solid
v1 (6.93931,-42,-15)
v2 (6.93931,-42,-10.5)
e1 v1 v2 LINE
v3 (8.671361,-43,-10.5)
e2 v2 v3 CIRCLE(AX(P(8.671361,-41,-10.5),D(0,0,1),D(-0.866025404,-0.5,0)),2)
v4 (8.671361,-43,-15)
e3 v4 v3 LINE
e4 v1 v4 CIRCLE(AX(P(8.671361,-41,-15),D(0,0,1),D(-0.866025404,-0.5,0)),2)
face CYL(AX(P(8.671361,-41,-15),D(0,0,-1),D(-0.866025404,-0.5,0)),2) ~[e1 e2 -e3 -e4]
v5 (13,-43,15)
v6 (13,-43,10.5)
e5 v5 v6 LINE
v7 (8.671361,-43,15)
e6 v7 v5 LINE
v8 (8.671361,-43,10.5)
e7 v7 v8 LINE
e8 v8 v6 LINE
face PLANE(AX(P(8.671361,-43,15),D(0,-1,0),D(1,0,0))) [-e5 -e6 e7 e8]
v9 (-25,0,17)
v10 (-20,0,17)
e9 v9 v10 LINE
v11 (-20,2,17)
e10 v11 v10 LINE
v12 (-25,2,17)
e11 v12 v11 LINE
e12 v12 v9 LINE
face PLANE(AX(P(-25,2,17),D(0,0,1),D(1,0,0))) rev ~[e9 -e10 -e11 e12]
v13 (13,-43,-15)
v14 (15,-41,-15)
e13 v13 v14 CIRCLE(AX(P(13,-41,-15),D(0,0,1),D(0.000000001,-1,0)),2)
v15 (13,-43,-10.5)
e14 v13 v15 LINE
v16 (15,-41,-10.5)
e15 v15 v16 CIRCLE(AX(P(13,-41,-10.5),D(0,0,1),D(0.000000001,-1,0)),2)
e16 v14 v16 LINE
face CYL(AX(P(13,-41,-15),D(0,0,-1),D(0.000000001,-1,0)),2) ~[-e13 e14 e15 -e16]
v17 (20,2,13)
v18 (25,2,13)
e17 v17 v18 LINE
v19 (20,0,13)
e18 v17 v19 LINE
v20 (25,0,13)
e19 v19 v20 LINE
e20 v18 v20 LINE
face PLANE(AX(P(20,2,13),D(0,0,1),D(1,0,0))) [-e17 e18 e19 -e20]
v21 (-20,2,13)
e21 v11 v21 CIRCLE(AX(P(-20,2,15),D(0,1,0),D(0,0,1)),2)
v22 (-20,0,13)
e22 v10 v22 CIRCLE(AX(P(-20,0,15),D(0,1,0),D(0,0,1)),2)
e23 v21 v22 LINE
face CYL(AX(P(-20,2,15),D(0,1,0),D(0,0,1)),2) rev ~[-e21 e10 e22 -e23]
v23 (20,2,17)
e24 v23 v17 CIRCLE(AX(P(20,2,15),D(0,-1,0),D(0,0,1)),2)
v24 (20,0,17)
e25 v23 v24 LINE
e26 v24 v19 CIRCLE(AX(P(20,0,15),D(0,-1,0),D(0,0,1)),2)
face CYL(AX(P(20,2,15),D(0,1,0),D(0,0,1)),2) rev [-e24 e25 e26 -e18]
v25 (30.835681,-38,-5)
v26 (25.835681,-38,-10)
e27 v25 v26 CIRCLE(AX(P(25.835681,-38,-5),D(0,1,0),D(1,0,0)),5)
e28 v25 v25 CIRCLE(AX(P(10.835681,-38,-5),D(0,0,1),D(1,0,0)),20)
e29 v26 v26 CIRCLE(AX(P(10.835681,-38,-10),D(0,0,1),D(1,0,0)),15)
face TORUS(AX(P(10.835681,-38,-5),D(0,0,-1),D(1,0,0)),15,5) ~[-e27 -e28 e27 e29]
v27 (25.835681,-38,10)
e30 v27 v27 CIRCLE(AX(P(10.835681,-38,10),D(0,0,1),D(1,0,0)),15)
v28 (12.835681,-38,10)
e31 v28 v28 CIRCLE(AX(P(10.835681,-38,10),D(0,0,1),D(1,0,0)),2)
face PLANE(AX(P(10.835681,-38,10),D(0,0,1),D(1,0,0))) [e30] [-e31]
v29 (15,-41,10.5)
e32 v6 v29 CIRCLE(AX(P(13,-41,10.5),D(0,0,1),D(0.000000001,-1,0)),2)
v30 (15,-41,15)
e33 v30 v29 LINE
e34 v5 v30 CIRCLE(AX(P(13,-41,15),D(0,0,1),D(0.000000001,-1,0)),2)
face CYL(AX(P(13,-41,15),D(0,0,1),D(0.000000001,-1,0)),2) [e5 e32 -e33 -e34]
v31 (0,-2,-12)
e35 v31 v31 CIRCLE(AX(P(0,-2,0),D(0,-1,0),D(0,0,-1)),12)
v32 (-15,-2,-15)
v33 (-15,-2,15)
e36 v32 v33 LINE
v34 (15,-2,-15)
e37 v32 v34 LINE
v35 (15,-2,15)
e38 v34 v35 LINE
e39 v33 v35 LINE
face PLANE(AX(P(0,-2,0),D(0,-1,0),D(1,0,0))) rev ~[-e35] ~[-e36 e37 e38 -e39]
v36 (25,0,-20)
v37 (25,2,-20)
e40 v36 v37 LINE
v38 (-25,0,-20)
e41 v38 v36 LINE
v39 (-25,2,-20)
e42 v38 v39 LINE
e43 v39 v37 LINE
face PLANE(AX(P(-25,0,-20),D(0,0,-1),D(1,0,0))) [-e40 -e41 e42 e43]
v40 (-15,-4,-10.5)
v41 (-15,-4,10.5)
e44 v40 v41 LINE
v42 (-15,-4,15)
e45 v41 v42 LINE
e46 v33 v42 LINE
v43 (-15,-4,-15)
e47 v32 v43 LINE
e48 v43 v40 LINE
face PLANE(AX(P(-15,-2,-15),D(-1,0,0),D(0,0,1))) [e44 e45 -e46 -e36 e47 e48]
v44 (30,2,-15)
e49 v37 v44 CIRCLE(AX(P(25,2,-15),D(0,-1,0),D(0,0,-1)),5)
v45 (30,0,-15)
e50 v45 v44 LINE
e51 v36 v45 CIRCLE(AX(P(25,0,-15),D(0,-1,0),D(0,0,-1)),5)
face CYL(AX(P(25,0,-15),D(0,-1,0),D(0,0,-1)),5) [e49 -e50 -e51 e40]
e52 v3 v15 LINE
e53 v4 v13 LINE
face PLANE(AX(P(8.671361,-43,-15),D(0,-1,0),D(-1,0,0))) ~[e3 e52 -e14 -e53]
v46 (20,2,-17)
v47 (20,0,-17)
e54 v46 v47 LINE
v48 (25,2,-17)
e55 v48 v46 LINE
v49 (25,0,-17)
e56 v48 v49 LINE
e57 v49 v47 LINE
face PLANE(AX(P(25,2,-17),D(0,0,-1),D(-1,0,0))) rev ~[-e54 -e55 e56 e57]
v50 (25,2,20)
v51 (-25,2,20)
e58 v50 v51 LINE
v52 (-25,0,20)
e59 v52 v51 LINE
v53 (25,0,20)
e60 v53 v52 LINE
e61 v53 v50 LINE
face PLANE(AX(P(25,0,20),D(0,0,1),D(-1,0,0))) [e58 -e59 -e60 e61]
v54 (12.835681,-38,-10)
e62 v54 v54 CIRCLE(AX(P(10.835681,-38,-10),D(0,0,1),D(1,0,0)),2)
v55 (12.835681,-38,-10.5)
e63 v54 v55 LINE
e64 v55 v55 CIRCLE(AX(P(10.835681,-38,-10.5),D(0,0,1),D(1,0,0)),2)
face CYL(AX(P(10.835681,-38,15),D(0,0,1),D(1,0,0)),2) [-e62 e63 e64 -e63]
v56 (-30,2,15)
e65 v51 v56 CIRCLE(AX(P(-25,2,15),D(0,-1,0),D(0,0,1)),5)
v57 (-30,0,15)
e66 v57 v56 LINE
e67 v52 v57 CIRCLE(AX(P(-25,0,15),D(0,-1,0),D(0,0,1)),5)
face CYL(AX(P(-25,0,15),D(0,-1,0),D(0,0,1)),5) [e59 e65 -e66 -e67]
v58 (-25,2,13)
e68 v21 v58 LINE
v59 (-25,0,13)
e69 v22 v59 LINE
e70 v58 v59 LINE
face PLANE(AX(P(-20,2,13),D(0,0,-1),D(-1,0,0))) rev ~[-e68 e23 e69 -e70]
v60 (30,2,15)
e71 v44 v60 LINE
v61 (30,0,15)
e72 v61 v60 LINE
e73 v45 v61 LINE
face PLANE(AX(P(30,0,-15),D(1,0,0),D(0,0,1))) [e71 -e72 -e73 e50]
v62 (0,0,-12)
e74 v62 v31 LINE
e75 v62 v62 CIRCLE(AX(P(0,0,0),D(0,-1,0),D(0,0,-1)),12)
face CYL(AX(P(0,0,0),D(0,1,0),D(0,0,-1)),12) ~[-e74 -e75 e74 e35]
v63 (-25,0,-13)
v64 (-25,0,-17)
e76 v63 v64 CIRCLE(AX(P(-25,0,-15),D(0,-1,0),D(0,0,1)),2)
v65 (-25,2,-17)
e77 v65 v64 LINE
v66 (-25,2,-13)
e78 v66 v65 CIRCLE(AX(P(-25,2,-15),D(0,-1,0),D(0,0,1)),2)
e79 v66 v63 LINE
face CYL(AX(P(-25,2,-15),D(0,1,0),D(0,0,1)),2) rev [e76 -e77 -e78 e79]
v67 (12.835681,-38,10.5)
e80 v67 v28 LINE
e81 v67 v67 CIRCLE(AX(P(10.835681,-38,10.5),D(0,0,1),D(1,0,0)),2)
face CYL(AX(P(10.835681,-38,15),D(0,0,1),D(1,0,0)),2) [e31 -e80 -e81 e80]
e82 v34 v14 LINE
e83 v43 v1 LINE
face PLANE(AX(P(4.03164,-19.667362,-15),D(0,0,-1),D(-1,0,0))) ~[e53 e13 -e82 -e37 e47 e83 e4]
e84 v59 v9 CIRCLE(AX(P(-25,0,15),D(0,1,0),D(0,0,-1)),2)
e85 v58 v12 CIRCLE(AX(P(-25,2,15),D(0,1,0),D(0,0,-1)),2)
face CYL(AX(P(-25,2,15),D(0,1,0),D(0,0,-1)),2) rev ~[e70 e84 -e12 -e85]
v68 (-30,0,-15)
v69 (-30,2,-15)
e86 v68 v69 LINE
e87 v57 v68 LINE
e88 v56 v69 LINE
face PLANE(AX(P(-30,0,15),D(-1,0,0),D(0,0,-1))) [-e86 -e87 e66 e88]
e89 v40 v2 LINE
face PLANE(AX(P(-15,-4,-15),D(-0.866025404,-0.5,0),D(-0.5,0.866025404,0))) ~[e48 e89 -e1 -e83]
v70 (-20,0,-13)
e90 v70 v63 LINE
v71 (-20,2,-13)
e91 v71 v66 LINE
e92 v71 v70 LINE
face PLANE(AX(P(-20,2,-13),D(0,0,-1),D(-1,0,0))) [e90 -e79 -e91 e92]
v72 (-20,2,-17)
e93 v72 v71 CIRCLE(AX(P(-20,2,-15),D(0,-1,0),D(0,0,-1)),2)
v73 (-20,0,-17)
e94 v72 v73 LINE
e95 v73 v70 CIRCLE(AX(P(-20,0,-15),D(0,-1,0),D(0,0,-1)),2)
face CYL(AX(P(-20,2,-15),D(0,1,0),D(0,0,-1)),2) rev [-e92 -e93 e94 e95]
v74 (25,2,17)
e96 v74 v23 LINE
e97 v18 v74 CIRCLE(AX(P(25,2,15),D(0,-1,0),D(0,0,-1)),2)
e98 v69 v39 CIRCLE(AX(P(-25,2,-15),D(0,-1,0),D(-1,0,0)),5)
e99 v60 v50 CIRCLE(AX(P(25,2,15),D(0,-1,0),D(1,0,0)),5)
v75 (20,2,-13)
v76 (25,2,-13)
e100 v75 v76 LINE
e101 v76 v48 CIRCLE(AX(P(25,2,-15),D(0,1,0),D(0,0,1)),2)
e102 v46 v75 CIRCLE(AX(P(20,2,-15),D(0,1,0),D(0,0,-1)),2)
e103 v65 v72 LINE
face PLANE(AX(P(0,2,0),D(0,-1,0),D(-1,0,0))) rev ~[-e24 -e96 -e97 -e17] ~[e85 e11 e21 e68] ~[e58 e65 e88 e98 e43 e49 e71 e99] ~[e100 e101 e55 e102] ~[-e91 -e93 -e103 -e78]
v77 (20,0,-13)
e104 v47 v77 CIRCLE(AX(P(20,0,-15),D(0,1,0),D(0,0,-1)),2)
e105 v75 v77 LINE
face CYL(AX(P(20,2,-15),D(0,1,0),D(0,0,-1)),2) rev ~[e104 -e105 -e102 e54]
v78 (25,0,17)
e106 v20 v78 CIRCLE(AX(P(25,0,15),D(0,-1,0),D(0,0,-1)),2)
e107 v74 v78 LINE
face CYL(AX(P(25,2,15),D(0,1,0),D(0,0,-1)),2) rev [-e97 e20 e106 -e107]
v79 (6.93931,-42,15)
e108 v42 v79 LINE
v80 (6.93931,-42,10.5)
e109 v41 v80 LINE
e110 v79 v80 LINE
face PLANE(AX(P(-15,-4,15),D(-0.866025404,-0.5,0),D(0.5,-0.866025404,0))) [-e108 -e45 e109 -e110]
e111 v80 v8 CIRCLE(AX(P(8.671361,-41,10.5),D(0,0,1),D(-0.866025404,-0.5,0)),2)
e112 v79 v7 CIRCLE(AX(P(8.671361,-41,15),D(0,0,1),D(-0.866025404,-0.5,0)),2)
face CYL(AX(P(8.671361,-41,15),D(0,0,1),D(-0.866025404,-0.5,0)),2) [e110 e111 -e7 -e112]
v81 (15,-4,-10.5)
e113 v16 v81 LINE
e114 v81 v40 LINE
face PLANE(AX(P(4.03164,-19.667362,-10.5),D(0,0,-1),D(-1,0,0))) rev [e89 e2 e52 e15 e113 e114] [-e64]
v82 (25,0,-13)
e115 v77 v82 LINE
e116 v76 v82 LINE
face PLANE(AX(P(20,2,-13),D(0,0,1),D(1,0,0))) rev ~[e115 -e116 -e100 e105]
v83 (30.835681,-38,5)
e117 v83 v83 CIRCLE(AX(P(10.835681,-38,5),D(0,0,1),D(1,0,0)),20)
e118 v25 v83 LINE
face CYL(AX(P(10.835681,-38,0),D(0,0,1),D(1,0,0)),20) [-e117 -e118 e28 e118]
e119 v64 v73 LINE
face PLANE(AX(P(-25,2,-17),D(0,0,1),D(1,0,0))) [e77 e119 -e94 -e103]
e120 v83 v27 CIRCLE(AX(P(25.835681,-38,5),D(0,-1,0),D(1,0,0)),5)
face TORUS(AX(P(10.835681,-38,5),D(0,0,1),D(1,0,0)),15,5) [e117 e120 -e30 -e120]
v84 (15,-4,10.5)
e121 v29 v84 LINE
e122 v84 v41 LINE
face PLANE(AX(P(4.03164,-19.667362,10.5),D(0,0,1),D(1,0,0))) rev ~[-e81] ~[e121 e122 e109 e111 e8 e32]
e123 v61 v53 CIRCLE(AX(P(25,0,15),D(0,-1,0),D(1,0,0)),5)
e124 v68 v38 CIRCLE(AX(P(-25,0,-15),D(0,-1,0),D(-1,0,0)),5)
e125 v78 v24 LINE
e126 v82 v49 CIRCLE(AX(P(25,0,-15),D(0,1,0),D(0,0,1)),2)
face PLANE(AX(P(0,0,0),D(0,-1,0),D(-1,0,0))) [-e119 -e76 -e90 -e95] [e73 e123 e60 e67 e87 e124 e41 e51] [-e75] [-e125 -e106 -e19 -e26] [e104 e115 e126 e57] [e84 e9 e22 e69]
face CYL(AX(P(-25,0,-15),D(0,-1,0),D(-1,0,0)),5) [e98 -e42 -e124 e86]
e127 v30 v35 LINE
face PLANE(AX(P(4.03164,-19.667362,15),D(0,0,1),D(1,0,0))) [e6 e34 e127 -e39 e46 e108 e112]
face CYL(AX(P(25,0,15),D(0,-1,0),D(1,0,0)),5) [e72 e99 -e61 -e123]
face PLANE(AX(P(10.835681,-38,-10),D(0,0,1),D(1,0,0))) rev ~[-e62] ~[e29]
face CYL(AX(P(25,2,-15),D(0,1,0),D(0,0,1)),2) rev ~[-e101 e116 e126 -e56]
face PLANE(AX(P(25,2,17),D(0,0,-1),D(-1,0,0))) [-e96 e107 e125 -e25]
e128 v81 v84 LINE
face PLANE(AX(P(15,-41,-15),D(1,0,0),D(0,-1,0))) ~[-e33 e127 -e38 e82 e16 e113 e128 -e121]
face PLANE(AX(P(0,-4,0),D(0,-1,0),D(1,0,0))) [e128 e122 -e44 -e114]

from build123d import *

# Parameters (mm, degrees)
BOSS_EXTRUDE1_DEPTH = 2
CUT_EXTRUDE1_DEPTH  = 2
SKETCH3_R           = 12
BOSS_EXTRUDE2_DEPTH = 2
SKETCH4_W           = 30
SKETCH4_H           = 30
BOSS_EXTRUDE3_DEPTH = 2
SKETCH5_R           = 2
BOSS_EXTRUDE4_DEPTH = 4.5
SKETCH6_R           = 2
BOSS_EXTRUDE5_DEPTH = 30
SKETCH7_R           = 20
BOSS_EXTRUDE6_DEPTH = 10
FILLET1_R           = 5


with BuildPart() as part:
    # Sketch1 → Boss-Extrude1 (new body)
    with BuildSketch(Plane(origin=(0, 0, 0), x_dir=(1, 0, 0), z_dir=(0, 1, 0))):
        with BuildLine():
            Line((25, -20), (-25, -20))
            ThreePointArc((-25, -20), (-28.535533906, -18.535533906), (-30, -15))
            Line((-30, -15), (-30, 15))
            ThreePointArc((-30, 15), (-28.535533906, 18.535533906), (-25, 20))
            Line((-25, 20), (25, 20))
            ThreePointArc((25, 20), (28.535533906, 18.535533906), (30, 15))
            Line((30, 15), (30, -15))
            ThreePointArc((30, -15), (28.535533906, -18.535533906), (25, -20))
        make_face()
    extrude(amount=BOSS_EXTRUDE1_DEPTH)

    # Sketch2 → Cut-Extrude1 (cut)
    with BuildSketch(Plane(origin=(0, 2, 0), x_dir=(1, 0, 0), z_dir=(0, 1, 0))):
        with BuildLine():
            Line((-25, 17), (-20, 17))
            ThreePointArc((-20, 17), (-18, 15), (-20, 13))
            Line((-20, 13), (-25, 13))
            ThreePointArc((-25, 13), (-27, 15), (-25, 17))
        make_face()
        with BuildLine():
            Line((25, 17), (20, 17))
            ThreePointArc((20, 17), (18, 15), (20, 13))
            Line((20, 13), (25, 13))
            ThreePointArc((25, 13), (27, 15), (25, 17))
        make_face()
        with BuildLine():
            Line((25, -17), (20, -17))
            ThreePointArc((20, -17), (18, -15), (20, -13))
            Line((20, -13), (25, -13))
            ThreePointArc((25, -13), (27, -15), (25, -17))
        make_face()
        with BuildLine():
            Line((-25, -17), (-20, -17))
            ThreePointArc((-20, -17), (-18, -15), (-20, -13))
            Line((-20, -13), (-25, -13))
            ThreePointArc((-25, -13), (-27, -15), (-25, -17))
        make_face()
    extrude(amount=-CUT_EXTRUDE1_DEPTH, mode=Mode.SUBTRACT)

    # Sketch3 → Boss-Extrude2 (add)
    with BuildSketch(Plane.XZ):
        with Locations(Location((0, 0, 0), (0, 0, 270))):
            Circle(SKETCH3_R)
    extrude(amount=BOSS_EXTRUDE2_DEPTH)

    # Sketch4 → Boss-Extrude3 (add)
    with BuildSketch(Plane.XZ.offset(2)):
        Rectangle(SKETCH4_W, SKETCH4_H)
    extrude(amount=BOSS_EXTRUDE3_DEPTH)

    # Sketch5 → Boss-Extrude4 (add)
    with BuildSketch(Plane.XY.offset(15)):
        with BuildLine():
            Line((-15, -4), (6.939310229, -42))
            ThreePointArc((6.939310229, -42), (7.671361037, -42.732050808), (8.671361037, -43))
            Line((8.671361037, -43), (13, -43))
            ThreePointArc((13, -43), (14.414213562, -42.414213562), (15, -41))
            Line((15, -41), (15, -4))
            Line((15, -4), (-15, -4))
        make_face()
        with Locations((10.835680518, -38)):
            Circle(SKETCH5_R, mode=Mode.SUBTRACT)
    boss_extrude4 = extrude(amount=-BOSS_EXTRUDE4_DEPTH)

    # Mirror1: Boss-Extrude4 across plane
    add(boss_extrude4.mirror(Plane.XY))

    # Sketch6 → Boss-Extrude5 (add)
    with BuildSketch(Plane.XY.offset(15)):
        with Locations((10.835680518, -38)):
            Circle(SKETCH6_R)
    extrude(amount=-BOSS_EXTRUDE5_DEPTH)

    # Sketch7 → Boss-Extrude6 (add, symmetric)
    with BuildSketch(Plane.XY):
        with Locations((10.835680518, -38)):
            Circle(SKETCH7_R)
    extrude(amount=BOSS_EXTRUDE6_DEPTH, both=True)

    # Fillet1
    fillet1_edges = [part.edges().sort_by_distance(p)[0] for p in [
        (-9.164319482, -38, -10),
        (-9.164319482, -38, 10),
    ]]
    fillet(fillet1_edges, radius=FILLET1_R)


solid = part.part
